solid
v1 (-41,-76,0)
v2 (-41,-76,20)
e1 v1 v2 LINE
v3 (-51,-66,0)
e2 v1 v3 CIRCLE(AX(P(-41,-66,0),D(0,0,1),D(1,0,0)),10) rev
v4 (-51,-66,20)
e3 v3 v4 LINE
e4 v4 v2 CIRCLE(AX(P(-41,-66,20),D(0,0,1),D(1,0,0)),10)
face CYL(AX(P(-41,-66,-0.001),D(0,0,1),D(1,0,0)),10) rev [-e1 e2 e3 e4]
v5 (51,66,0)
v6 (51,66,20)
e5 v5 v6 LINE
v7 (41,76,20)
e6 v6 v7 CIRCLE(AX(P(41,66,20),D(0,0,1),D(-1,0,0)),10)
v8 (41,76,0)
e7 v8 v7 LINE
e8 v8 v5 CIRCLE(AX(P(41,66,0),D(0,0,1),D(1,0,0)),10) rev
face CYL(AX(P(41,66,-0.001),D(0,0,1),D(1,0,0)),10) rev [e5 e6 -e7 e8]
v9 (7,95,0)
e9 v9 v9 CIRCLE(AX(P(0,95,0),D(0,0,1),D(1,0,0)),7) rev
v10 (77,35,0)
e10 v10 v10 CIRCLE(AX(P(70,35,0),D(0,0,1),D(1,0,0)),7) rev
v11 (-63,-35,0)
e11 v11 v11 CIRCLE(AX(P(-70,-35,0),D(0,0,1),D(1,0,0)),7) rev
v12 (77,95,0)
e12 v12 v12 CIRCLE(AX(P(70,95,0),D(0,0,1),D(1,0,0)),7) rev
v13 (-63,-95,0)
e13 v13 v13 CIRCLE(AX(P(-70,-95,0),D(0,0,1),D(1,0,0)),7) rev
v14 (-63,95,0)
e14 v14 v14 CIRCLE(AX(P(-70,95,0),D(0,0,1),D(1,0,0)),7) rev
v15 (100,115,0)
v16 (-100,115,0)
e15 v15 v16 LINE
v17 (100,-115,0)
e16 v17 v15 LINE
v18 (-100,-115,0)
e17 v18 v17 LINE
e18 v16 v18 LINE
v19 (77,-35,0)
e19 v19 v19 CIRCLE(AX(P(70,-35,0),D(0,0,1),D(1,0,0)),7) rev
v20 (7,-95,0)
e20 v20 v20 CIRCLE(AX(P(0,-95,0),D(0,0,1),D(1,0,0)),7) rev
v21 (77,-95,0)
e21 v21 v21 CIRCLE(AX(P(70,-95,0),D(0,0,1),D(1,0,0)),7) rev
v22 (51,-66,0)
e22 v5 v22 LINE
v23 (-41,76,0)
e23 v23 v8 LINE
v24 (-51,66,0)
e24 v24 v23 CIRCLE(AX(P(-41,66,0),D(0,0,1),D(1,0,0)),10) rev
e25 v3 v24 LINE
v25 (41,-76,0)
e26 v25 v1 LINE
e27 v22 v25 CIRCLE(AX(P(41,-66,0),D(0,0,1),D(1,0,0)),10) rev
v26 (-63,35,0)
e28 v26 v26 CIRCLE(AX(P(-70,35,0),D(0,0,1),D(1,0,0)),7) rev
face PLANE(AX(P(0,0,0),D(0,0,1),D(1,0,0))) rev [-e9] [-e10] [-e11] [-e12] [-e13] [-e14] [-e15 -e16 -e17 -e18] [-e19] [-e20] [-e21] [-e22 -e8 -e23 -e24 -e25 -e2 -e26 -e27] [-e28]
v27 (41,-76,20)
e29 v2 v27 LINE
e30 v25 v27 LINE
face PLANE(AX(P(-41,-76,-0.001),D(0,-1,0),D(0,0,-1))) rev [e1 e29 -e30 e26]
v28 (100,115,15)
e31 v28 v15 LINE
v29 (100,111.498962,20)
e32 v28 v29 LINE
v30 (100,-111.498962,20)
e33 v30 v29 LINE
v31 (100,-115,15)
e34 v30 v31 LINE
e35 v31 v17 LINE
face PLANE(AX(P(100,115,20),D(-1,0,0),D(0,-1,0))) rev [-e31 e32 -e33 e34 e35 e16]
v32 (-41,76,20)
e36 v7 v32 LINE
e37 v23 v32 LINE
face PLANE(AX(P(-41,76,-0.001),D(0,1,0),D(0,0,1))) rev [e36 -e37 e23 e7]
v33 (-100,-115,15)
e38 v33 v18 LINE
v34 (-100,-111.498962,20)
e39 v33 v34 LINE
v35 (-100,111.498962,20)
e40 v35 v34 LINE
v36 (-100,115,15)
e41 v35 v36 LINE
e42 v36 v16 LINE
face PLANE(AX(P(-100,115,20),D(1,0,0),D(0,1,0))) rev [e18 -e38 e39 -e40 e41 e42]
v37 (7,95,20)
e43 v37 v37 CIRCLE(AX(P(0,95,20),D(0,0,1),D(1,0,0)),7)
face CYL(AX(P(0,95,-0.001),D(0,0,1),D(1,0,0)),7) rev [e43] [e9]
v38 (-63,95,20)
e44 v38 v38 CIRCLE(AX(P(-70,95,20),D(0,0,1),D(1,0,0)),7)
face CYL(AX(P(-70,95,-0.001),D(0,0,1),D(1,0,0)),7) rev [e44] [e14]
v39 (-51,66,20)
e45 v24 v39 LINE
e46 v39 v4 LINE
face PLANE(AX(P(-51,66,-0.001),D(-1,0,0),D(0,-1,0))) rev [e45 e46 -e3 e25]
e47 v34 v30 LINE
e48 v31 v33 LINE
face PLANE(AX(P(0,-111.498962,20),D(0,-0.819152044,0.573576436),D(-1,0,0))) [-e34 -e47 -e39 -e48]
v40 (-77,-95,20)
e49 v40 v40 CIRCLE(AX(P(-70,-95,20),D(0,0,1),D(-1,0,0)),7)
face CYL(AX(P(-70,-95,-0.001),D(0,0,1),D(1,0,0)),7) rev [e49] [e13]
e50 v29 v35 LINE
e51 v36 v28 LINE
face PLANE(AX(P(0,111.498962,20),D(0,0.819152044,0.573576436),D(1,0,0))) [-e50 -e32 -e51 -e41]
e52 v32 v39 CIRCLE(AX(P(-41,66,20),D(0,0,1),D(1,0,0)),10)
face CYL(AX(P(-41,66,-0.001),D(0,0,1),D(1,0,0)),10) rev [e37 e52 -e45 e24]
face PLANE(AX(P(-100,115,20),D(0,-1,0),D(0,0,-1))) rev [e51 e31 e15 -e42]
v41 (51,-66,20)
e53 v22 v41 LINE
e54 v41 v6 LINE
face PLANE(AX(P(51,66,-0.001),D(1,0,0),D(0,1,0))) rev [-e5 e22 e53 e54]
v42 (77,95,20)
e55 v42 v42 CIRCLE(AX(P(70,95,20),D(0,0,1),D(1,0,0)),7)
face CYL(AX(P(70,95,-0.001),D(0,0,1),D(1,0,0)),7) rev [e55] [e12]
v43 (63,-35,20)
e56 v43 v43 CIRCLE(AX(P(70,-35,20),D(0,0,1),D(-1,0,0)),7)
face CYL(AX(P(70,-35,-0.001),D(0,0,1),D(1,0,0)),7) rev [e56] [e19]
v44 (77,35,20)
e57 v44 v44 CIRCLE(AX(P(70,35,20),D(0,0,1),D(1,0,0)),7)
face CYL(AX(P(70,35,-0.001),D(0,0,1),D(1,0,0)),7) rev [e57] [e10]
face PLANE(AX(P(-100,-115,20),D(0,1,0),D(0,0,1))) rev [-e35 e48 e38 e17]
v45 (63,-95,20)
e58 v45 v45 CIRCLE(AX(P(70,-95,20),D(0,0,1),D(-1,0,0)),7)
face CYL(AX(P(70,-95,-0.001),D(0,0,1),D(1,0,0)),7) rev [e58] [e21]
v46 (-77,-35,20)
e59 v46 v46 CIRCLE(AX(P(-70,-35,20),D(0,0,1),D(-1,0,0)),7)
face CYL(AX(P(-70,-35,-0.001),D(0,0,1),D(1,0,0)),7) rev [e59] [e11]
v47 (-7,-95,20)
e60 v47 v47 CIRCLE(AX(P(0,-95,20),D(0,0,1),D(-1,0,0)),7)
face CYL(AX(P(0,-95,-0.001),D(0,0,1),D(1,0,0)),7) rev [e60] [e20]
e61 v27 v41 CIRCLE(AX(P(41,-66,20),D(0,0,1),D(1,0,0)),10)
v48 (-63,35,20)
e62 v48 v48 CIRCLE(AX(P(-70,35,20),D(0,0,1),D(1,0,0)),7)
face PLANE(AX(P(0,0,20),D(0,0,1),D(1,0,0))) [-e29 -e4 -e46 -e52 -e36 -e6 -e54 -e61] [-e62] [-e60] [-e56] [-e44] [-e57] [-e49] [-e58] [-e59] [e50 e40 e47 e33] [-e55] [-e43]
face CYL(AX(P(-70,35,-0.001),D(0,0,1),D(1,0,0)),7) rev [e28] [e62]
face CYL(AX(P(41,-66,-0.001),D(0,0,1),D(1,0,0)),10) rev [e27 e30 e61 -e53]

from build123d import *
from OCP.BRepFilletAPI import BRepFilletAPI_MakeChamfer

# Parameters (mm, degrees)
SKETCH_1_W          = 200
SKETCH_1_H          = 230
EXTRUDE_1_DEPTH     = 20
CUT_EXTRUDE_1_REACH = 155.704
SKETCH_2_R          = 7
CHAMFER_1_SIZE      = 5
CHAMFER_1_SIZE2     = 3.501037691


with BuildPart() as part:
    # 草图1 → 凸台-拉伸1 (new body)
    with BuildSketch(Plane.XY):
        Rectangle(SKETCH_1_W, SKETCH_1_H)
    extrude(amount=EXTRUDE_1_DEPTH)

    # 草图2 → 切除-拉伸1 (cut, up to next)
    with BuildSketch(Plane.XY.offset(20), mode=Mode.PRIVATE) as cut_extrude_1_sk1:
        with Locations((-70, 95)):
            Circle(SKETCH_2_R)
    cut_extrude_1_tool1 = extrude(cut_extrude_1_sk1.sketch, amount=-CUT_EXTRUDE_1_REACH, mode=Mode.PRIVATE) & part.part
    # 草图2 → 切除-拉伸1 (cut, up to next)
    with BuildSketch(Plane.XY.offset(20), mode=Mode.PRIVATE) as cut_extrude_1_sk2:
        with Locations((0, 95)):
            Circle(SKETCH_2_R)
    cut_extrude_1_tool2 = extrude(cut_extrude_1_sk2.sketch, amount=-CUT_EXTRUDE_1_REACH, mode=Mode.PRIVATE) & part.part
    # 草图2 → 切除-拉伸1 (cut, up to next)
    with BuildSketch(Plane.XY.offset(20), mode=Mode.PRIVATE) as cut_extrude_1_sk3:
        with Locations((70, 95)):
            Circle(SKETCH_2_R)
    cut_extrude_1_tool3 = extrude(cut_extrude_1_sk3.sketch, amount=-CUT_EXTRUDE_1_REACH, mode=Mode.PRIVATE) & part.part
    # 草图2 → 切除-拉伸1 (cut, up to next)
    with BuildSketch(Plane.XY.offset(20), mode=Mode.PRIVATE) as cut_extrude_1_sk4:
        with Locations((-70, 35)):
            Circle(SKETCH_2_R)
    cut_extrude_1_tool4 = extrude(cut_extrude_1_sk4.sketch, amount=-CUT_EXTRUDE_1_REACH, mode=Mode.PRIVATE) & part.part
    # 草图2 → 切除-拉伸1 (cut, up to next)
    with BuildSketch(Plane.XY.offset(20), mode=Mode.PRIVATE) as cut_extrude_1_sk5:
        with Locations((70, 35)):
            Circle(SKETCH_2_R)
    cut_extrude_1_tool5 = extrude(cut_extrude_1_sk5.sketch, amount=-CUT_EXTRUDE_1_REACH, mode=Mode.PRIVATE) & part.part
    # 草图2 → 切除-拉伸1 (cut, up to next)
    with BuildSketch(Plane.XY.offset(20), mode=Mode.PRIVATE) as cut_extrude_1_sk6:
        with Locations((-70, -35)):
            Circle(SKETCH_2_R)
    cut_extrude_1_tool6 = extrude(cut_extrude_1_sk6.sketch, amount=-CUT_EXTRUDE_1_REACH, mode=Mode.PRIVATE) & part.part
    # 草图2 → 切除-拉伸1 (cut, up to next)
    with BuildSketch(Plane.XY.offset(20), mode=Mode.PRIVATE) as cut_extrude_1_sk7:
        with Locations((0, -95)):
            Circle(SKETCH_2_R)
    cut_extrude_1_tool7 = extrude(cut_extrude_1_sk7.sketch, amount=-CUT_EXTRUDE_1_REACH, mode=Mode.PRIVATE) & part.part
    # 草图2 → 切除-拉伸1 (cut, up to next)
    with BuildSketch(Plane.XY.offset(20), mode=Mode.PRIVATE) as cut_extrude_1_sk8:
        with Locations((-70, -95)):
            Circle(SKETCH_2_R)
    cut_extrude_1_tool8 = extrude(cut_extrude_1_sk8.sketch, amount=-CUT_EXTRUDE_1_REACH, mode=Mode.PRIVATE) & part.part
    # 草图2 → 切除-拉伸1 (cut, up to next)
    with BuildSketch(Plane.XY.offset(20), mode=Mode.PRIVATE) as cut_extrude_1_sk9:
        with Locations((70, -35)):
            Circle(SKETCH_2_R)
    cut_extrude_1_tool9 = extrude(cut_extrude_1_sk9.sketch, amount=-CUT_EXTRUDE_1_REACH, mode=Mode.PRIVATE) & part.part
    # 草图2 → 切除-拉伸1 (cut, up to next)
    with BuildSketch(Plane.XY.offset(20), mode=Mode.PRIVATE) as cut_extrude_1_sk10:
        with Locations((70, -95)):
            Circle(SKETCH_2_R)
    cut_extrude_1_tool10 = extrude(cut_extrude_1_sk10.sketch, amount=-CUT_EXTRUDE_1_REACH, mode=Mode.PRIVATE) & part.part
    # 草图2 → 切除-拉伸1 (cut, up to next)
    with BuildSketch(Plane.XY.offset(20), mode=Mode.PRIVATE) as cut_extrude_1_sk11:
        with BuildLine():
            Line((-41, 76), (41, 76))
            ThreePointArc((41, 76), (48.071067812, 73.071067812), (51, 66))
            Line((51, 66), (51, -66))
            ThreePointArc((51, -66), (48.071067812, -73.071067812), (41, -76))
            Line((41, -76), (-41, -76))
            ThreePointArc((-41, -76), (-48.071067812, -73.071067812), (-51, -66))
            Line((-51, -66), (-51, 66))
            ThreePointArc((-51, 66), (-48.071067812, 73.071067812), (-41, 76))
        make_face()
    cut_extrude_1_tool11 = extrude(cut_extrude_1_sk11.sketch, amount=-CUT_EXTRUDE_1_REACH, mode=Mode.PRIVATE) & part.part
    add(cut_extrude_1_tool1.solids().sort_by_distance((-70, 95, 20))[0], mode=Mode.SUBTRACT)
    add(cut_extrude_1_tool2.solids().sort_by_distance((0, 95, 20))[0], mode=Mode.SUBTRACT)
    add(cut_extrude_1_tool3.solids().sort_by_distance((70, 95, 20))[0], mode=Mode.SUBTRACT)
    add(cut_extrude_1_tool4.solids().sort_by_distance((-70, 35, 20))[0], mode=Mode.SUBTRACT)
    add(cut_extrude_1_tool5.solids().sort_by_distance((70, 35, 20))[0], mode=Mode.SUBTRACT)
    add(cut_extrude_1_tool6.solids().sort_by_distance((-70, -35, 20))[0], mode=Mode.SUBTRACT)
    add(cut_extrude_1_tool7.solids().sort_by_distance((0, -95, 20))[0], mode=Mode.SUBTRACT)
    add(cut_extrude_1_tool8.solids().sort_by_distance((-70, -95, 20))[0], mode=Mode.SUBTRACT)
    add(cut_extrude_1_tool9.solids().sort_by_distance((70, -35, 20))[0], mode=Mode.SUBTRACT)
    add(cut_extrude_1_tool10.solids().sort_by_distance((70, -95, 20))[0], mode=Mode.SUBTRACT)
    add(cut_extrude_1_tool11.solids().sort_by_distance((0, 0, 20))[0], mode=Mode.SUBTRACT)

    # 倒角1: one chamfer whose edges measure the first distance from different faces: ONE call of the kernel's chamfer builder (chamfer() names one face for all edges)
    chamfer_1_edges_1 = [part.edges().sort_by_distance(p)[0] for p in [
        (0, -115, 20),
    ]]
    chamfer_1_side_1 = [part.faces().sort_by_distance(p)[0] for p in [
        (0, -115, 10),
    ]]
    chamfer_1_edges_2 = [part.edges().sort_by_distance(p)[0] for p in [
        (0, 115, 20),
    ]]
    chamfer_1_side_2 = [part.faces().sort_by_distance(p)[0] for p in [
        (0, 115, 10),
    ]]
    chamfer_1 = BRepFilletAPI_MakeChamfer(part.part.solid().wrapped)
    for e in chamfer_1_edges_1:
        chamfer_1.Add(CHAMFER_1_SIZE, CHAMFER_1_SIZE2, e.wrapped, chamfer_1_side_1[0].wrapped)  # the first distance lies on this face
    for e in chamfer_1_edges_2:
        chamfer_1.Add(CHAMFER_1_SIZE, CHAMFER_1_SIZE2, e.wrapped, chamfer_1_side_2[0].wrapped)  # the first distance lies on this face
    add(Compound.cast(chamfer_1.Shape()), mode=Mode.REPLACE)


solid = part.part
